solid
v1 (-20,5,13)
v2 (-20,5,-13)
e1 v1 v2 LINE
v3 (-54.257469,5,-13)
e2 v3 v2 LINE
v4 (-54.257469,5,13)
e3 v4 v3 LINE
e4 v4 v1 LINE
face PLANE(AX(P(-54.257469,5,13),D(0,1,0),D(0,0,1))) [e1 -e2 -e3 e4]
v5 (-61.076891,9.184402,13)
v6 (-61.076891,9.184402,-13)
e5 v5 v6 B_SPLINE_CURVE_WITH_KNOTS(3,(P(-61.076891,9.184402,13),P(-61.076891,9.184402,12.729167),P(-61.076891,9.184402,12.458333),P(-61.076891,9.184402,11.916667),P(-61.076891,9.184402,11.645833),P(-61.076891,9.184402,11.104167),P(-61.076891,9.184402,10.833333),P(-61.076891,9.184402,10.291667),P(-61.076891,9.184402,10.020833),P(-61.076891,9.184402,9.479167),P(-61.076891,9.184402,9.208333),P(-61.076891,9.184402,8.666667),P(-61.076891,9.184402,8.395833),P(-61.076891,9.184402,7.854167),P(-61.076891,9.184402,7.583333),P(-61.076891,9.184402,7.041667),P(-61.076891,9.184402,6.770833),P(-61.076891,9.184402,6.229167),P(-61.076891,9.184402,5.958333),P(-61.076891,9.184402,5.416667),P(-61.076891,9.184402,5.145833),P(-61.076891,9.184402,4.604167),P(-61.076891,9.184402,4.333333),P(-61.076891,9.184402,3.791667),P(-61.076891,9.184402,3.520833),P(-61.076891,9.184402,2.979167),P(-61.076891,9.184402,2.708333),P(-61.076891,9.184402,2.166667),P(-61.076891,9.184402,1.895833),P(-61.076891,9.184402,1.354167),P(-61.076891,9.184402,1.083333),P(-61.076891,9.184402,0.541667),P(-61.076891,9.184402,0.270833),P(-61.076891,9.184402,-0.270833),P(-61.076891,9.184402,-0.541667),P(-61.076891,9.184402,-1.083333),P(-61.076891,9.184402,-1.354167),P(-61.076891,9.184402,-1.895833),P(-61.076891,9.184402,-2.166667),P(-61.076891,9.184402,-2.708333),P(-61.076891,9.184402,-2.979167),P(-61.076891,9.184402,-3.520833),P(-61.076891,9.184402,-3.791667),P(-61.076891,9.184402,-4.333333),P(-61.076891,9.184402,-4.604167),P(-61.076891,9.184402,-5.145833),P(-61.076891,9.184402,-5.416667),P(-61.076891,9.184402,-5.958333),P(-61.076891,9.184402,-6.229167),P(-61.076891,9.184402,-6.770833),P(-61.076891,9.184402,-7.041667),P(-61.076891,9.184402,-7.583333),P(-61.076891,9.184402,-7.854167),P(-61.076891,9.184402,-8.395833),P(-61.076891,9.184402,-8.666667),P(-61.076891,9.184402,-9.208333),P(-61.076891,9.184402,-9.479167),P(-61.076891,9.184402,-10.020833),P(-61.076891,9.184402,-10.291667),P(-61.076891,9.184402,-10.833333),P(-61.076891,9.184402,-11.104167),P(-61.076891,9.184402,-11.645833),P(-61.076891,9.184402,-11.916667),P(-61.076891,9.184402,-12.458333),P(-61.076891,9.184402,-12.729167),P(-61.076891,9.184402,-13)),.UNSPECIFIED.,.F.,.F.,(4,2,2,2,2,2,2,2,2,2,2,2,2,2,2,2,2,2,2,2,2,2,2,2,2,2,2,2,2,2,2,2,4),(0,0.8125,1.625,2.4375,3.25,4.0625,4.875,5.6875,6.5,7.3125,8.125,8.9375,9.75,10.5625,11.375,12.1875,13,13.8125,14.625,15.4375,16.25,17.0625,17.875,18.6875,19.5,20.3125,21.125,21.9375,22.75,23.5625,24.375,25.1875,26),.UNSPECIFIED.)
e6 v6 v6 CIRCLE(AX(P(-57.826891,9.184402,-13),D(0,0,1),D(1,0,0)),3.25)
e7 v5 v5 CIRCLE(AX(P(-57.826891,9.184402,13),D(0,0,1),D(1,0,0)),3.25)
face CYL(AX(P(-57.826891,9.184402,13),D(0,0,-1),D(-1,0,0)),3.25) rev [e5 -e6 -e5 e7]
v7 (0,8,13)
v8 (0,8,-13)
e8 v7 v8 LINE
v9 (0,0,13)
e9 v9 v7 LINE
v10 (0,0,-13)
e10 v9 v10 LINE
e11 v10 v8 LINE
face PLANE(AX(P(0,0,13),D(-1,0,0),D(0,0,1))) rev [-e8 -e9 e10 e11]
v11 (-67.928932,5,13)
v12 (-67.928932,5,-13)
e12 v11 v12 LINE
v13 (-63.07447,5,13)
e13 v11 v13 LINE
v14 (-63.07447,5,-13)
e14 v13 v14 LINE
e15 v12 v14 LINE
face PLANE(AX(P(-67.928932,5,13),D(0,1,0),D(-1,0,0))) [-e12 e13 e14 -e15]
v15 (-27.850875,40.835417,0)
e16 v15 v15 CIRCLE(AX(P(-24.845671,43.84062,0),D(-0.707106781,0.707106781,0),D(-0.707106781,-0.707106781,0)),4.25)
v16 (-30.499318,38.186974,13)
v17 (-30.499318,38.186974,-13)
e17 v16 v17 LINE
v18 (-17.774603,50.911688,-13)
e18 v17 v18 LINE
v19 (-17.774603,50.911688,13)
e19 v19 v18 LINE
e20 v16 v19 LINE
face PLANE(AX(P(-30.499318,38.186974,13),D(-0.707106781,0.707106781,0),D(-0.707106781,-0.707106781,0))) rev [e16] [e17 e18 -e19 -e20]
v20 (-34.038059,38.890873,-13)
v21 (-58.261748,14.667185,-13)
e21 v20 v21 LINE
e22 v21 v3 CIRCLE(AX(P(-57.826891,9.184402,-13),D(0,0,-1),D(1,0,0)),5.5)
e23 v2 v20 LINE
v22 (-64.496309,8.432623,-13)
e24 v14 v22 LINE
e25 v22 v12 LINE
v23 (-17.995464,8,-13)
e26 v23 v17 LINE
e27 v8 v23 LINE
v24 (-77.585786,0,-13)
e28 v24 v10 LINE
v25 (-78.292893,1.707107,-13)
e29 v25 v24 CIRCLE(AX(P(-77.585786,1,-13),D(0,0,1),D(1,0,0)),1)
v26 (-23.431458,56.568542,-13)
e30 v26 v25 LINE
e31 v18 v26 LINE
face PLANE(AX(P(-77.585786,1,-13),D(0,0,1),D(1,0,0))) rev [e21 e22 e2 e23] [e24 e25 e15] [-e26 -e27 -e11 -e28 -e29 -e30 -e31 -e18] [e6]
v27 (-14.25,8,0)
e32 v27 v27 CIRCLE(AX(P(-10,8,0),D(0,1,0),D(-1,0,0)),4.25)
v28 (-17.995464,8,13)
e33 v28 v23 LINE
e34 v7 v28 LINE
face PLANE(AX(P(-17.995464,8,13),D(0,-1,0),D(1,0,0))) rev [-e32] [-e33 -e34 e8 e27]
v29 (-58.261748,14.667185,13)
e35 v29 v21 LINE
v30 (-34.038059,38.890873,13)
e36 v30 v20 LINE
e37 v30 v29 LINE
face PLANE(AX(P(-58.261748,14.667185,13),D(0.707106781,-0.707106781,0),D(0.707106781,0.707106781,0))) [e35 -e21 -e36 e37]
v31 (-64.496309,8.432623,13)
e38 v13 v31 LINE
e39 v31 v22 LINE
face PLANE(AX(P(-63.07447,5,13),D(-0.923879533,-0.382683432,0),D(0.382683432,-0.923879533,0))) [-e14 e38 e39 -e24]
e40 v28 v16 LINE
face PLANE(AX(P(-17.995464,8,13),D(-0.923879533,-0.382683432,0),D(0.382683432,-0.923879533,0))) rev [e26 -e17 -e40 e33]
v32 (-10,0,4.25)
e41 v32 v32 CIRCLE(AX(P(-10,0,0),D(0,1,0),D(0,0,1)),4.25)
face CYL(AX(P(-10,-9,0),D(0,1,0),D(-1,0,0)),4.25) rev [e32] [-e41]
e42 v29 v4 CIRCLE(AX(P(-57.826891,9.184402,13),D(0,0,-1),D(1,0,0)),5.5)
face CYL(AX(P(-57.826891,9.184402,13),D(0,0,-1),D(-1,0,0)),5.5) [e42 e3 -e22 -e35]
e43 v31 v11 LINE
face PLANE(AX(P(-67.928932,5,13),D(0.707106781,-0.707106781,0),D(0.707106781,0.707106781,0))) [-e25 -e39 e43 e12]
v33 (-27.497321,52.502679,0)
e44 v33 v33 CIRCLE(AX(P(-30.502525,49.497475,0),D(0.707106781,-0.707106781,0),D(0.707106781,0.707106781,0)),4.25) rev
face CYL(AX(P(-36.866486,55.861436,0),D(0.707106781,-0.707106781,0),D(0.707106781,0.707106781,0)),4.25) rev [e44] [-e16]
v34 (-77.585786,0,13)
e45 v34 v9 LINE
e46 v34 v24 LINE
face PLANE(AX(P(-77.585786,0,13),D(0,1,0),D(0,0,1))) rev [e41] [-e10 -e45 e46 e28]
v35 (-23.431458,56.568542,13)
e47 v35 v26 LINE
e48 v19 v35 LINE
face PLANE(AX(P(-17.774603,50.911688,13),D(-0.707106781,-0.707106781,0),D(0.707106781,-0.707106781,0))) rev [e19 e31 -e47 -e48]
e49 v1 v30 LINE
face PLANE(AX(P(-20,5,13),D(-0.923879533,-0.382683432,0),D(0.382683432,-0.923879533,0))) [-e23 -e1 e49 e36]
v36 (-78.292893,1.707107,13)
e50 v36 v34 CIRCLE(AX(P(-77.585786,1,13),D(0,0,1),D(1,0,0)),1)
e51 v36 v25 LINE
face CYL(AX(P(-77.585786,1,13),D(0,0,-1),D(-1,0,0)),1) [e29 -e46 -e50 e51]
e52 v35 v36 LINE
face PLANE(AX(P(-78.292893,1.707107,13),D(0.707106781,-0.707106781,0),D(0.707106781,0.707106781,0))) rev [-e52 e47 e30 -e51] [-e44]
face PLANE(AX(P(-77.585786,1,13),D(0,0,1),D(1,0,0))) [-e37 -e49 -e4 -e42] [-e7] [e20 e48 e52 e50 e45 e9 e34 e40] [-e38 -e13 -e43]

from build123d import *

# Parameters (mm, degrees)
SKETCH_1_R          = 3.25
EXTRUDE_1_DEPTH     = 13
SKETCH_3_R          = 4.25
CUT_EXTRUDE_1_DEPTH = 17


with BuildPart() as part:
    # 草图1 → 凸台-拉伸1 (new, symmetric)
    with BuildSketch(Plane.XY):
        with BuildLine():
            Line((-77.585786438, 0), (0, 0))
            Line((0, 0), (0, 8))
            Line((0, 8), (-17.995464086, 8))
            Line((-17.995464086, 8), (-30.499317942, 38.186973559))
            Line((-30.499317942, 38.186973559), (-17.774603256, 50.911688245))
            Line((-17.774603256, 50.911688245), (-23.431457505, 56.568542495))
            Line((-23.431457505, 56.568542495), (-78.292893219, 1.707106781))
            ThreePointArc((-78.292893219, 1.707106781), (-78.50966597, 0.617316568), (-77.585786438, 0))
        make_face()
        with Locations(Location((-57.82689122, 9.184402377, 0), (0, 0, 180))):
            Circle(SKETCH_1_R, mode=Mode.SUBTRACT)
        Polygon((-67.928932188, 5), (-63.07447047, 5), (-64.496309389, 8.4326228), align=None, mode=Mode.SUBTRACT)
        with BuildLine():
            Line((-54.257468753, 5), (-20, 5))
            Line((-20, 5), (-34.038059223, 38.890872965))
            Line((-34.038059223, 38.890872965), (-58.261747684, 14.667184504))
            ThreePointArc((-58.261747684, 14.667184504), (-52.745553791, 11.289161255), (-54.257468753, 5))
        make_face(mode=Mode.SUBTRACT)
    extrude(amount=EXTRUDE_1_DEPTH, both=True)

    # 草图3 → 切除-拉伸1 (cut)
    with BuildSketch(Plane(origin=(0, 8, 0), x_dir=(1, 0, 0), z_dir=(0, 1, 0))):
        with Locations(Location((-10, 0, 0), (0, 0, 180))):
            Circle(SKETCH_3_R)
    cut_extrude_1 = extrude(amount=-CUT_EXTRUDE_1_DEPTH, mode=Mode.SUBTRACT)

    # 镜向1: 切除-拉伸1 across plane
    add(cut_extrude_1.mirror(Plane(origin=(-11.715728753, 28.284271247, 0), x_dir=(0, 0, 1), z_dir=(-0.3826834323650881, 0.9238795325112875, 0))), mode=Mode.SUBTRACT)


solid = part.part
